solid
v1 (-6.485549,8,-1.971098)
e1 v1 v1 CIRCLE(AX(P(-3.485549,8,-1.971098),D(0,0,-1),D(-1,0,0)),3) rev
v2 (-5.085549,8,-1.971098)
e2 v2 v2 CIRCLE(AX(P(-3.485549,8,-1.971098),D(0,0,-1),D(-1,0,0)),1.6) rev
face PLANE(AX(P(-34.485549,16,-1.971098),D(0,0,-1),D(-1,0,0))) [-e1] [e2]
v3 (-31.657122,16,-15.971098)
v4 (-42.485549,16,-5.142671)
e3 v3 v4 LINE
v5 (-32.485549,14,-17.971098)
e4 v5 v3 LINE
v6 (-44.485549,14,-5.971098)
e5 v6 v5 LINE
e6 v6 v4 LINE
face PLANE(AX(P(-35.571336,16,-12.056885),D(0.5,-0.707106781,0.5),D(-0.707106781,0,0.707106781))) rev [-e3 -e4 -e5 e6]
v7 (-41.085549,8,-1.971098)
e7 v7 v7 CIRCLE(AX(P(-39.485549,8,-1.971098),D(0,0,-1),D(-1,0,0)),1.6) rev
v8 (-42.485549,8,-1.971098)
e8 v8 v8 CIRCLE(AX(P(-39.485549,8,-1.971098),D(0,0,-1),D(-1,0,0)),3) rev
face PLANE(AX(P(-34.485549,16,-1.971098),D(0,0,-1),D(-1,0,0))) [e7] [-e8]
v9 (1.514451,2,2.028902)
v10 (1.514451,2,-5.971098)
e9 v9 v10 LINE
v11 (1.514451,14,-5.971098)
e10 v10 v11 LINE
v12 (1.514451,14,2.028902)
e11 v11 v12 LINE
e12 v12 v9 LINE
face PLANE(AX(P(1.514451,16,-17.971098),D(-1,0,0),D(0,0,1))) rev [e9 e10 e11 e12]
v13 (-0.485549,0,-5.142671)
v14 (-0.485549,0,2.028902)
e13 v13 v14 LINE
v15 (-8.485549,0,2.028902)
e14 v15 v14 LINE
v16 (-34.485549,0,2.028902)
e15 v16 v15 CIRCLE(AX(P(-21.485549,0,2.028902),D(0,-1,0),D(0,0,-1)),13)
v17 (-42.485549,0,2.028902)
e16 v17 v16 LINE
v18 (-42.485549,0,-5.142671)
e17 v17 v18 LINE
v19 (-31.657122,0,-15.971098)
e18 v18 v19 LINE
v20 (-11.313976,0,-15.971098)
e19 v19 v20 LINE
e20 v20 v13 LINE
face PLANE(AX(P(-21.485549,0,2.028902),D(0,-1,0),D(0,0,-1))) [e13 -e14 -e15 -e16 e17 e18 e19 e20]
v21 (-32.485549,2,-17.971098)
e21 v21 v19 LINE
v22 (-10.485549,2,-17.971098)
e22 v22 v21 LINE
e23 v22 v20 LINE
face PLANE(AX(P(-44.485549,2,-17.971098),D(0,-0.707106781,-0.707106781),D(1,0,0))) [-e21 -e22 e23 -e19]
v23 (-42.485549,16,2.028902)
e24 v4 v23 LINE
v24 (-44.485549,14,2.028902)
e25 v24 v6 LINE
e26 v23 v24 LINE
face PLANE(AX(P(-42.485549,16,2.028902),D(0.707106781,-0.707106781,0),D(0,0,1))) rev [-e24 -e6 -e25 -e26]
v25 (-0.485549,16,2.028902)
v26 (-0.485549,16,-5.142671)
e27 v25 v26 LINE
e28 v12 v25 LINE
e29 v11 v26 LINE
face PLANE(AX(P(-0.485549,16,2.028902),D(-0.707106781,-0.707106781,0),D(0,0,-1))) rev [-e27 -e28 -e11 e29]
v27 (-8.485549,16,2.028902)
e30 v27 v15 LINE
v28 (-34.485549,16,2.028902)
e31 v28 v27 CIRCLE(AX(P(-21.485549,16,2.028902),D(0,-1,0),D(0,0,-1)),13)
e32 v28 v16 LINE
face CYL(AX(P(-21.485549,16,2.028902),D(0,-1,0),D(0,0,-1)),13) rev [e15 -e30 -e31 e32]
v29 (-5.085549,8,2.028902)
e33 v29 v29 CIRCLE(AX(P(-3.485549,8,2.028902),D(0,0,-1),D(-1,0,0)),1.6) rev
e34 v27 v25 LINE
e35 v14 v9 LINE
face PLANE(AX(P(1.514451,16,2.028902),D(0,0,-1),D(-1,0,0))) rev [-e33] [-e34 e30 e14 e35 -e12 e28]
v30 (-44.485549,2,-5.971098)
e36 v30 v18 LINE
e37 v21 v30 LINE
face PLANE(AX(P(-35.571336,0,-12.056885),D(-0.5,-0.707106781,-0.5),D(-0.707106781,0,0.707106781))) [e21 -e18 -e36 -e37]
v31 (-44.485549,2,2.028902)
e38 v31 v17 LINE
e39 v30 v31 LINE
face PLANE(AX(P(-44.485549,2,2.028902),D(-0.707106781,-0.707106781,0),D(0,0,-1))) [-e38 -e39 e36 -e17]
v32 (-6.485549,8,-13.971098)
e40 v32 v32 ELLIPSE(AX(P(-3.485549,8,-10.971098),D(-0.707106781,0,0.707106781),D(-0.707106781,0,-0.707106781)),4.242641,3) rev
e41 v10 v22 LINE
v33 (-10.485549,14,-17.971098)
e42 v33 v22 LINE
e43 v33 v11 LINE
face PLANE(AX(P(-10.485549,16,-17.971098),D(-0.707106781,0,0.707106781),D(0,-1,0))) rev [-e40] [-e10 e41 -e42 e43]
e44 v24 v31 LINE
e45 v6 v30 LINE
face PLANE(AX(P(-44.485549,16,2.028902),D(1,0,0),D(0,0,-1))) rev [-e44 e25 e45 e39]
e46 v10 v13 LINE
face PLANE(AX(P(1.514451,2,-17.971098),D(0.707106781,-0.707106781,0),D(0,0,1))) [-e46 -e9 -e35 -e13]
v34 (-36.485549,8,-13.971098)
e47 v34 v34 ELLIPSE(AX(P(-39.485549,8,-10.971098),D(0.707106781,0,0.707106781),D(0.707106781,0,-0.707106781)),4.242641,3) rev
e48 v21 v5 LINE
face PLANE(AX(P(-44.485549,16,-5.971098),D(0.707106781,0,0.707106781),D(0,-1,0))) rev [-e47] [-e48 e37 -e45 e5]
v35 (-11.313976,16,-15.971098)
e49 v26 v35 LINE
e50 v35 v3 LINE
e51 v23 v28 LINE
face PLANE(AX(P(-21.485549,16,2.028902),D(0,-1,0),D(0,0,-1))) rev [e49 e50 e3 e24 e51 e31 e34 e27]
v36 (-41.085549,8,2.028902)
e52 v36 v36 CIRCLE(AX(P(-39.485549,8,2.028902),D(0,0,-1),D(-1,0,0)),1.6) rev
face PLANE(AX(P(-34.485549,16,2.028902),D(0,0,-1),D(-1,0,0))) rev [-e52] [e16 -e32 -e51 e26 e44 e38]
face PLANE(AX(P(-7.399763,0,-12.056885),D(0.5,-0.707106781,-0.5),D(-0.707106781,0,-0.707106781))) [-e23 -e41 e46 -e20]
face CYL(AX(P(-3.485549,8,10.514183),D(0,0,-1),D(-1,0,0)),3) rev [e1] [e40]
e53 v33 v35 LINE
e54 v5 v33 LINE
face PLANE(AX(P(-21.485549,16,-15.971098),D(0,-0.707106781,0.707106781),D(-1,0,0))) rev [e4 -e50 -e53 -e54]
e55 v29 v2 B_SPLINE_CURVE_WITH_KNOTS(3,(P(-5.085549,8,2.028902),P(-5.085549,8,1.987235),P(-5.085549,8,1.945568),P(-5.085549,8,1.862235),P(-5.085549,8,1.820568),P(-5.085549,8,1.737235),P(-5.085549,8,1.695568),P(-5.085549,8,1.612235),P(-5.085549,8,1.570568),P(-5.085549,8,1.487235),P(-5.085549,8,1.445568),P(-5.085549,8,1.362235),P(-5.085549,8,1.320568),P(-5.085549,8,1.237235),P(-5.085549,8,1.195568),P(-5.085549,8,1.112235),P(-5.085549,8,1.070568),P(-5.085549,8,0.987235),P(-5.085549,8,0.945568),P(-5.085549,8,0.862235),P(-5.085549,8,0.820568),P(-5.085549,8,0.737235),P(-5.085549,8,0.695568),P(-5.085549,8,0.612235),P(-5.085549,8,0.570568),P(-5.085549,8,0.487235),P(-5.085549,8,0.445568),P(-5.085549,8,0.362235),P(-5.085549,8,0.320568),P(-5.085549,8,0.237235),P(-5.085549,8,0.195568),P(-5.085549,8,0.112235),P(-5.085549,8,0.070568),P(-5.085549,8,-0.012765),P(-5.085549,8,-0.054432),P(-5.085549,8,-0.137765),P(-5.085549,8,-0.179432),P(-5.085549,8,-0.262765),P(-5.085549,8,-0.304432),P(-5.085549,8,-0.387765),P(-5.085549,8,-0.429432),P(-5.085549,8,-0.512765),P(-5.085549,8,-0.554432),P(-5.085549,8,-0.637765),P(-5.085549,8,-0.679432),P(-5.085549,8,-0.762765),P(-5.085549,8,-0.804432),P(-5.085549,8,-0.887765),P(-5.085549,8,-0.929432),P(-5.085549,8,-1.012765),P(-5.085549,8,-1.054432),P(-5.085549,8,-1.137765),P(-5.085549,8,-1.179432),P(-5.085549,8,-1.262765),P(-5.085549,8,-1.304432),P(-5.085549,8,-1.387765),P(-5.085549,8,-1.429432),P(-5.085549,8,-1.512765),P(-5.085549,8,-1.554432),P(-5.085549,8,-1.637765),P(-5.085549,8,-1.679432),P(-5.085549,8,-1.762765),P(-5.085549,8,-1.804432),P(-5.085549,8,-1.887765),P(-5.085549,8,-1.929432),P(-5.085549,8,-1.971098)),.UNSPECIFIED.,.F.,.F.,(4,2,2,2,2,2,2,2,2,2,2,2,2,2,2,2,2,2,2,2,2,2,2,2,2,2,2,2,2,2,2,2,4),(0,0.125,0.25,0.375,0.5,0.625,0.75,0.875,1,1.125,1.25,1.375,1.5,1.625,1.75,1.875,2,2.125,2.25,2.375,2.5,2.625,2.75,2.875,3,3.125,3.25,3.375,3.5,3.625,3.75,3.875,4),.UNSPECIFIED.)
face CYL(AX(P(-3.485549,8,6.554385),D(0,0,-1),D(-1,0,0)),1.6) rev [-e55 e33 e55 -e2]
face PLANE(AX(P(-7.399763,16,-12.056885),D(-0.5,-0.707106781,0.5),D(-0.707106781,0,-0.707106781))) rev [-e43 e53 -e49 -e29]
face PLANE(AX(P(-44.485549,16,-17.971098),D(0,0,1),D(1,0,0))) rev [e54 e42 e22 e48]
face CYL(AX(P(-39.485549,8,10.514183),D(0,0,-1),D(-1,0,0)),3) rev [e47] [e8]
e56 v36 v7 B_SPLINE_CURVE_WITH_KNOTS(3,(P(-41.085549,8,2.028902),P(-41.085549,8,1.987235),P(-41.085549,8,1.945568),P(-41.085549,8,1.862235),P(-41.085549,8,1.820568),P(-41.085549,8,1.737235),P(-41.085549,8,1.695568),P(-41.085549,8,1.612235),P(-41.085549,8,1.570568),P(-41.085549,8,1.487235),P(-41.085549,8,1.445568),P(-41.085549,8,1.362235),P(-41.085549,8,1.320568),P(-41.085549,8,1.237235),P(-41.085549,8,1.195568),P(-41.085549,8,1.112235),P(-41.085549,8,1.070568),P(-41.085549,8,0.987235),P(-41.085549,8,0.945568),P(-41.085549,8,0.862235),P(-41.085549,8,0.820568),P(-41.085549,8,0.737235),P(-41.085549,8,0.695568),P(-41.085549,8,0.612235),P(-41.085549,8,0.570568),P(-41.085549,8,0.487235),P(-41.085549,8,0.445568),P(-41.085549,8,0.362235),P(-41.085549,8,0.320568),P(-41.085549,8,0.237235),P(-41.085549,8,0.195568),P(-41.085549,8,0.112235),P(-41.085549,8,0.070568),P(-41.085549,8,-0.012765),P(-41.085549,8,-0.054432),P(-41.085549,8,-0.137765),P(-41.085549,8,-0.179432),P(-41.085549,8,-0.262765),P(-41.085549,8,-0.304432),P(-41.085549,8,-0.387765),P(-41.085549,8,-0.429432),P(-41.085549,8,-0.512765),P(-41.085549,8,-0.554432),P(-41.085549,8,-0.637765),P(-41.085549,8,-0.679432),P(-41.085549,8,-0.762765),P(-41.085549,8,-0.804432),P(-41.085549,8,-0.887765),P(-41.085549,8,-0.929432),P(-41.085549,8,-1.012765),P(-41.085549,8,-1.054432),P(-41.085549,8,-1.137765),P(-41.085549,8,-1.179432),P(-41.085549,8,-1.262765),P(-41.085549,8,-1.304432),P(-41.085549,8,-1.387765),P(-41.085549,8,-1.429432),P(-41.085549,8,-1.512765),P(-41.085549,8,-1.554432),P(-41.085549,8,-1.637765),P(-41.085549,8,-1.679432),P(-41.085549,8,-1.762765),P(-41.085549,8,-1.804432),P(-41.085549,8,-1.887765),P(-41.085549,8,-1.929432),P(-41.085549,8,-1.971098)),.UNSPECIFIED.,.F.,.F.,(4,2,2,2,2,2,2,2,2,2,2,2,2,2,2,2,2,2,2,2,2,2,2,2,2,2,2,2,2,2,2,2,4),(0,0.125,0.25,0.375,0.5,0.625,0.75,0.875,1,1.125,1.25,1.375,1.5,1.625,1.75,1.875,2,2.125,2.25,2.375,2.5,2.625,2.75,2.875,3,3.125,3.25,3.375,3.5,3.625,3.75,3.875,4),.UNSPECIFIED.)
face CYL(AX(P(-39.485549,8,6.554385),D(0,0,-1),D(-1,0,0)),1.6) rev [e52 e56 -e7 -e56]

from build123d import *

# Parameters (mm, degrees)
BOSS_EXTRUDE1_DEPTH = 16
CHAMFER1_SIZE       = 12
SKETCH2_R           = 1.6
CUT_EXTRUDE1_DEPTH  = 20
SKETCH2_4_R         = 3
SKETCH2_4_R_2       = 1.6
CUT_EXTRUDE2_DEPTH  = 16
CHAMFER2_SIZE       = 2


with BuildPart() as part:
    # Sketch1 → Boss-Extrude1 (new body)
    with BuildSketch(Plane(origin=(0, 0, 0), x_dir=(1, 0, 0), z_dir=(0, 1, 0))):
        with BuildLine():
            Line((-34.485549133, -2.028901734), (-44.485549133, -2.028901734))
            Line((-44.485549133, -2.028901734), (-44.485549133, 17.971098266))
            Line((-44.485549133, 17.971098266), (1.514450867, 17.971098266))
            Line((1.514450867, 17.971098266), (1.514450867, -2.028901734))
            Line((1.514450867, -2.028901734), (-8.485549133, -2.028901734))
            ThreePointArc((-8.485549133, -2.028901734), (-21.485549133, 10.971098266), (-34.485549133, -2.028901734))
        make_face()
    extrude(amount=BOSS_EXTRUDE1_DEPTH)

    # Chamfer1
    chamfer1_edges = [part.edges().sort_by_distance(p)[0] for p in [
        (-44.485549133, 8, -17.971098266),
        (1.514450867, 8, -17.971098266),
    ]]
    chamfer(chamfer1_edges, length=CHAMFER1_SIZE)

    # Sketch2 → Cut-Extrude1 (cut)
    with BuildSketch(Plane(origin=(0, 0, -17.971098266), x_dir=(-1, 0, 0), z_dir=(0, 0, -1))):
        with Locations((39.485549133, 8)):
            Circle(SKETCH2_R)
        with Locations((3.485549133, 8)):
            Circle(SKETCH2_R)
    extrude(amount=-CUT_EXTRUDE1_DEPTH, mode=Mode.SUBTRACT)

    # Sketch2<4> → Cut-Extrude2 (cut)
    # profile 1 of 2: a face of its own
    with BuildSketch(Plane(origin=(0, 0, -17.971098266), x_dir=(-1, 0, 0), z_dir=(0, 0, -1))):
        with Locations((39.485549133, 8)):
            Circle(SKETCH2_4_R)
        with Locations((39.485549133, 8)):
            Circle(SKETCH2_4_R_2, mode=Mode.SUBTRACT)
    # profile 2 of 2: a face of its own
    with BuildSketch(Plane(origin=(0, 0, -17.971098266), x_dir=(-1, 0, 0), z_dir=(0, 0, -1))):
        with Locations((3.485549133, 8)):
            Circle(SKETCH2_4_R)
        with Locations((3.485549133, 8)):
            Circle(SKETCH2_4_R_2, mode=Mode.SUBTRACT)
    extrude(amount=-CUT_EXTRUDE2_DEPTH, mode=Mode.SUBTRACT)

    # Chamfer2
    chamfer2_edges = [part.edges().sort_by_distance(p)[0] for p in [
        (1.514450867, 16, -1.971098266),
        (-21.485549133, 0, -17.971098266),
        (-21.485549133, 16, -17.971098266),
        (-44.485549133, 0, -1.971098266),
        (-38.485549133, 0, -11.971098266),
        (-4.485549133, 0, -11.971098266),
        (-44.485549133, 16, -1.971098266),
        (-38.485549133, 16, -11.971098266),
        (-4.485549133, 16, -11.971098266),
        (1.514450867, 0, -1.971098266),
    ]]
    chamfer(chamfer2_edges, length=CHAMFER2_SIZE)


solid = part.part
